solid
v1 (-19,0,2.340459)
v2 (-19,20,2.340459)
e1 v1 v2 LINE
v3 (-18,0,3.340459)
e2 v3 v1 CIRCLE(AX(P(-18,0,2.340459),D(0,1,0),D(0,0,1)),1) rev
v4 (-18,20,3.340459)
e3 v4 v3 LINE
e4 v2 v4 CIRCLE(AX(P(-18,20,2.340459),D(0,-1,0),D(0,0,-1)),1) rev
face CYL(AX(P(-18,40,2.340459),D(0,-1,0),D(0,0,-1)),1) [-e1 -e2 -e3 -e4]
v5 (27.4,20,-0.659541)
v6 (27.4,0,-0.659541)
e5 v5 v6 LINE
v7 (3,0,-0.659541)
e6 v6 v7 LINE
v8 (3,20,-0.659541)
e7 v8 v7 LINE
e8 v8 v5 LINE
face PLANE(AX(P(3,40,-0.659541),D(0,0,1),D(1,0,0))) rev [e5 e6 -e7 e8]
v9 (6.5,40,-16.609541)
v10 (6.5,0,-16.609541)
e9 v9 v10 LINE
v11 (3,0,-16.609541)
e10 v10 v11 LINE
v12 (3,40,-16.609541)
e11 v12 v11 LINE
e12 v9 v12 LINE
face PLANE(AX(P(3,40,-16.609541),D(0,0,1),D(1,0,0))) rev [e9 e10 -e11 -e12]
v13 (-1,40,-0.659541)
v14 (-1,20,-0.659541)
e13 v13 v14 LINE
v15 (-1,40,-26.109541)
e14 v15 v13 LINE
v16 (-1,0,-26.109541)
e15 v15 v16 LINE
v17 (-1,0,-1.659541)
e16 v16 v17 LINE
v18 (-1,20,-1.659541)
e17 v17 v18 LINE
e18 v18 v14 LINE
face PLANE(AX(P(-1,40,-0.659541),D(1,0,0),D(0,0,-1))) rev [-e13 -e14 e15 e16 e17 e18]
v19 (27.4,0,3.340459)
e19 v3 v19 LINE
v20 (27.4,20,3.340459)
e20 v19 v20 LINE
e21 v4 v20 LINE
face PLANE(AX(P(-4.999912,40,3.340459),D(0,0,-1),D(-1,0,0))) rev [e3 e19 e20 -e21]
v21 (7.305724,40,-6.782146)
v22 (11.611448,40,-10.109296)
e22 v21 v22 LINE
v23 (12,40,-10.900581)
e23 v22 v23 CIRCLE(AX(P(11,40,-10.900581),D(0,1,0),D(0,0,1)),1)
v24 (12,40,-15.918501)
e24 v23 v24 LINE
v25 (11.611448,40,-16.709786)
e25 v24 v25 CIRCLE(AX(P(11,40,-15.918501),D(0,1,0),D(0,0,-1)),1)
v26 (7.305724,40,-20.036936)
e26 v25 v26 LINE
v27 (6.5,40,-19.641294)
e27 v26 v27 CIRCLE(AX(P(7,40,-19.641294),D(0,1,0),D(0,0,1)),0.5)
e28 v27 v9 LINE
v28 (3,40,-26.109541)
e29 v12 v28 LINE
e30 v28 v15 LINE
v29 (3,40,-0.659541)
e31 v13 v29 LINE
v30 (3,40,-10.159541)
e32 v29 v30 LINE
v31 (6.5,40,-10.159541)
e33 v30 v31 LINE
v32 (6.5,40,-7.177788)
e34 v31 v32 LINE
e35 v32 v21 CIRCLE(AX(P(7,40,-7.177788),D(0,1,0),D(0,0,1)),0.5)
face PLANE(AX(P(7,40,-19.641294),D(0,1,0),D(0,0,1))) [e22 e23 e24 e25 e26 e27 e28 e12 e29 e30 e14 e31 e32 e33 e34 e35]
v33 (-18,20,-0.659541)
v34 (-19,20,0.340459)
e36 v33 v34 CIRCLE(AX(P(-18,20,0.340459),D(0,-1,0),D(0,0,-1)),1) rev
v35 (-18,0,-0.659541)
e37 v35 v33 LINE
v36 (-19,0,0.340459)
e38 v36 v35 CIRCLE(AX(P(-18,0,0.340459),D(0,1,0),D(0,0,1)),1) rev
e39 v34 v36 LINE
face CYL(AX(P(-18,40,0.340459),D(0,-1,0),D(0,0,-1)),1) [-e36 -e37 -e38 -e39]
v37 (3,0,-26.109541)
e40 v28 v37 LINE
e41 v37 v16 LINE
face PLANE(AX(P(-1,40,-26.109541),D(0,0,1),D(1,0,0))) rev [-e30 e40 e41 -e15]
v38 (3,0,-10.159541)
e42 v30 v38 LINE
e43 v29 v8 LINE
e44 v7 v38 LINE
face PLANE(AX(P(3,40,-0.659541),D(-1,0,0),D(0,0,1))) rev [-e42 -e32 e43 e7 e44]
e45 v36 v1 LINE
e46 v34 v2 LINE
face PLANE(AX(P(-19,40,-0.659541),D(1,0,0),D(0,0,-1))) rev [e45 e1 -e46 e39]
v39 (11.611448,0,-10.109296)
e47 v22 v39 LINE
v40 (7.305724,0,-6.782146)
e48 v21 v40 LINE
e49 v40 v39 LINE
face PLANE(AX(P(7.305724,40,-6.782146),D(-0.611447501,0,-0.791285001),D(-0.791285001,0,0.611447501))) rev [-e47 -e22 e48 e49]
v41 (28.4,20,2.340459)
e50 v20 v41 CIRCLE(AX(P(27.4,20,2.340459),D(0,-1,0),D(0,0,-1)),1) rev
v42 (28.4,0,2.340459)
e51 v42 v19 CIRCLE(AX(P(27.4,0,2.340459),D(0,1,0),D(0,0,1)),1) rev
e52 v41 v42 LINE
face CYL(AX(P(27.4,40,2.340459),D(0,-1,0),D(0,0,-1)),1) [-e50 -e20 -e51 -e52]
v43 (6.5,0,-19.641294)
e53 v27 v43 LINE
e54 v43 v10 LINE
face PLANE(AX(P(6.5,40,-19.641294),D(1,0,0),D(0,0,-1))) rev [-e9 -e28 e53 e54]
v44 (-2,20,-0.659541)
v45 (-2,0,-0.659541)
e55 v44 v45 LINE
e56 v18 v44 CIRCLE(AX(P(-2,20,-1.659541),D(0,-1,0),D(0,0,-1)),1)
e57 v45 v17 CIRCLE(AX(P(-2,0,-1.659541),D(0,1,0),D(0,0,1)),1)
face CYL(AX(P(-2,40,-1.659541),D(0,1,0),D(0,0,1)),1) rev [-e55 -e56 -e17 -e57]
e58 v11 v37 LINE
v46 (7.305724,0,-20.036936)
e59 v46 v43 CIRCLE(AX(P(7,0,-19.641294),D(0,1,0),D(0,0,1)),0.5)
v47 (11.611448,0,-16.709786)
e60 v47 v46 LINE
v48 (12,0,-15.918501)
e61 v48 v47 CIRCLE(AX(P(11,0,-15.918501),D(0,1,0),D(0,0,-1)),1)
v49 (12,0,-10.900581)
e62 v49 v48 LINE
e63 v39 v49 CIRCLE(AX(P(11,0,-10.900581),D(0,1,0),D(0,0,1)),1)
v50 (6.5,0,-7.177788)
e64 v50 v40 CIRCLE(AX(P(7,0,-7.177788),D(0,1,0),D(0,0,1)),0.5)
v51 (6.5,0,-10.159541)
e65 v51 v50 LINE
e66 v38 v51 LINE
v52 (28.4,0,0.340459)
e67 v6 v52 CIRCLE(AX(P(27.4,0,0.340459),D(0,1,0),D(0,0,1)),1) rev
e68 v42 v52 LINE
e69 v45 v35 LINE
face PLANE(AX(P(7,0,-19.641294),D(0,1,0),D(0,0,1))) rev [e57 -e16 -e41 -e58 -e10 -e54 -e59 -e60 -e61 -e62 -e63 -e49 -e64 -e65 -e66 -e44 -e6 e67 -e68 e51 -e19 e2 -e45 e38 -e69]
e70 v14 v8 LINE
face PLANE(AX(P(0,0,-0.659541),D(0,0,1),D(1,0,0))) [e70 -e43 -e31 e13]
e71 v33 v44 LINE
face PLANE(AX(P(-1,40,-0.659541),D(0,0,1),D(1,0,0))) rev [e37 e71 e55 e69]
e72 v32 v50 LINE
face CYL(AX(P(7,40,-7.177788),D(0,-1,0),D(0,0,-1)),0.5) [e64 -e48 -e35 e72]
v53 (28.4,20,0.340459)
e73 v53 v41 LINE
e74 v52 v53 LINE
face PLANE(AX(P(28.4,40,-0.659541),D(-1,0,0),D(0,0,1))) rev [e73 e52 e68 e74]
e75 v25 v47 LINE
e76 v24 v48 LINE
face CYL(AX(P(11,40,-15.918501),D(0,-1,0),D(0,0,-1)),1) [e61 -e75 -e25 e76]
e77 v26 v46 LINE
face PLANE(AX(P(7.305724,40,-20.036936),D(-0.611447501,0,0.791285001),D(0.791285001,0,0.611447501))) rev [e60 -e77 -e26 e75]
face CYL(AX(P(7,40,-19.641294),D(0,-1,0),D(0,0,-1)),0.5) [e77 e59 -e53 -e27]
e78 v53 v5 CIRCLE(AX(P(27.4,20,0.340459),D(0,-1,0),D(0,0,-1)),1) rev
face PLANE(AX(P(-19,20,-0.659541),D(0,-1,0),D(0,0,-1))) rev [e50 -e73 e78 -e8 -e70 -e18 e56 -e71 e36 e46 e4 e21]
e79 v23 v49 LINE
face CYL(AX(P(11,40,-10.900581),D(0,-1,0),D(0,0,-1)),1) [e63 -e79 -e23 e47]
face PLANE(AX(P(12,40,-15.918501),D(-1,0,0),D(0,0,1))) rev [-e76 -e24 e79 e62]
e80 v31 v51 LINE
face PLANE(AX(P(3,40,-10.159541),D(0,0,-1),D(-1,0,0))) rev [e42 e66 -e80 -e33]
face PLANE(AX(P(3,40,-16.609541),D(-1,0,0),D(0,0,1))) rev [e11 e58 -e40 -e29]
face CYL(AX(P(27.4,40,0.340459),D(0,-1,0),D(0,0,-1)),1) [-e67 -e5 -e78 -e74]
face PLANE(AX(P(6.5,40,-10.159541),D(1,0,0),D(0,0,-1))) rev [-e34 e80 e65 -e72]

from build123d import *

# Parameters (mm, degrees)
MAIN_EXTRUDE_DEPTH = 40
CUT_EXTRUDE1_START = -4
SKETCH4_W          = 47.4
SKETCH4_H          = 20
CUT_EXTRUDE1_DEPTH = 4
FILLET1_R          = 1
FILLET2_R          = 1
FILLET3_R          = 1


with BuildPart() as part:
    # Sketch1 → Main-Extrude (new body)
    with BuildSketch(Plane(origin=(0, 0, 0), x_dir=(1, 0, 0), z_dir=(0, 1, 0))):
        with BuildLine():
            Line((6.5, 10.159541063), (6.5, 7.17778828))
            ThreePointArc((6.5, 7.17778828), (6.779616102, 6.728977699), (7.305723751, 6.782145779))
            Line((7.305723751, 6.782145779), (11.611447501, 10.10929595))
            ThreePointArc((11.611447501, 10.10929595), (11.897621162, 10.459813156), (12, 10.900580951))
            Line((12, 10.900580951), (12, 15.918501174))
            ThreePointArc((12, 15.918501174), (11.897621162, 16.35926897), (11.611447501, 16.709786176))
            Line((11.611447501, 16.709786176), (7.305723751, 20.036936346))
            ThreePointArc((7.305723751, 20.036936346), (6.779616102, 20.090104427), (6.5, 19.641293846))
            Line((6.5, 19.641293846), (6.5, 16.609541063))
            Line((6.5, 16.609541063), (3, 16.609541063))
            Line((3, 16.609541063), (3, 26.109541063))
            Line((3, 26.109541063), (-1, 26.109541063))
            Line((-1, 26.109541063), (-1, 0.659541063))
            Line((-1, 0.659541063), (-19, 0.659541063))
            Line((-19, 0.659541063), (-19, -3.340458937))
            Line((-19, -3.340458937), (-4.999912017, -3.340458937))
            Line((-4.999912017, -3.340458937), (28.4, -3.340458937))
            Line((28.4, -3.340458937), (28.4, 0.659541063))
            Line((28.4, 0.659541063), (3, 0.659541063))
            Line((3, 0.659541063), (3, 10.159541063))
            Line((3, 10.159541063), (6.5, 10.159541063))
        make_face()
    extrude(amount=MAIN_EXTRUDE_DEPTH)

    # Sketch4 → Cut-Extrude1 (cut)
    with BuildSketch(Plane.XY.offset(3.340458937).offset(CUT_EXTRUDE1_START)):
        with Locations((4.7, 30)):
            Rectangle(SKETCH4_W, SKETCH4_H)
    extrude(amount=CUT_EXTRUDE1_DEPTH, mode=Mode.SUBTRACT)

    # Fillet1
    fillet1_edges = [part.edges().sort_by_distance(p)[0] for p in [
        (28.4, 10, 3.340458937),
        (-19, 10, 3.340458937),
        (28.4, 10, -0.659541063),
    ]]
    fillet(fillet1_edges, radius=FILLET1_R)

    # Fillet2
    fillet2_edges = [part.edges().sort_by_distance(p)[0] for p in [
        (-19, 10, -0.659541063),
    ]]
    fillet(fillet2_edges, radius=FILLET2_R)

    # Fillet3
    fillet3_edges = [part.edges().sort_by_distance(p)[0] for p in [
        (-1, 10, -0.659541063),
    ]]
    fillet(fillet3_edges, radius=FILLET3_R)


solid = part.part
